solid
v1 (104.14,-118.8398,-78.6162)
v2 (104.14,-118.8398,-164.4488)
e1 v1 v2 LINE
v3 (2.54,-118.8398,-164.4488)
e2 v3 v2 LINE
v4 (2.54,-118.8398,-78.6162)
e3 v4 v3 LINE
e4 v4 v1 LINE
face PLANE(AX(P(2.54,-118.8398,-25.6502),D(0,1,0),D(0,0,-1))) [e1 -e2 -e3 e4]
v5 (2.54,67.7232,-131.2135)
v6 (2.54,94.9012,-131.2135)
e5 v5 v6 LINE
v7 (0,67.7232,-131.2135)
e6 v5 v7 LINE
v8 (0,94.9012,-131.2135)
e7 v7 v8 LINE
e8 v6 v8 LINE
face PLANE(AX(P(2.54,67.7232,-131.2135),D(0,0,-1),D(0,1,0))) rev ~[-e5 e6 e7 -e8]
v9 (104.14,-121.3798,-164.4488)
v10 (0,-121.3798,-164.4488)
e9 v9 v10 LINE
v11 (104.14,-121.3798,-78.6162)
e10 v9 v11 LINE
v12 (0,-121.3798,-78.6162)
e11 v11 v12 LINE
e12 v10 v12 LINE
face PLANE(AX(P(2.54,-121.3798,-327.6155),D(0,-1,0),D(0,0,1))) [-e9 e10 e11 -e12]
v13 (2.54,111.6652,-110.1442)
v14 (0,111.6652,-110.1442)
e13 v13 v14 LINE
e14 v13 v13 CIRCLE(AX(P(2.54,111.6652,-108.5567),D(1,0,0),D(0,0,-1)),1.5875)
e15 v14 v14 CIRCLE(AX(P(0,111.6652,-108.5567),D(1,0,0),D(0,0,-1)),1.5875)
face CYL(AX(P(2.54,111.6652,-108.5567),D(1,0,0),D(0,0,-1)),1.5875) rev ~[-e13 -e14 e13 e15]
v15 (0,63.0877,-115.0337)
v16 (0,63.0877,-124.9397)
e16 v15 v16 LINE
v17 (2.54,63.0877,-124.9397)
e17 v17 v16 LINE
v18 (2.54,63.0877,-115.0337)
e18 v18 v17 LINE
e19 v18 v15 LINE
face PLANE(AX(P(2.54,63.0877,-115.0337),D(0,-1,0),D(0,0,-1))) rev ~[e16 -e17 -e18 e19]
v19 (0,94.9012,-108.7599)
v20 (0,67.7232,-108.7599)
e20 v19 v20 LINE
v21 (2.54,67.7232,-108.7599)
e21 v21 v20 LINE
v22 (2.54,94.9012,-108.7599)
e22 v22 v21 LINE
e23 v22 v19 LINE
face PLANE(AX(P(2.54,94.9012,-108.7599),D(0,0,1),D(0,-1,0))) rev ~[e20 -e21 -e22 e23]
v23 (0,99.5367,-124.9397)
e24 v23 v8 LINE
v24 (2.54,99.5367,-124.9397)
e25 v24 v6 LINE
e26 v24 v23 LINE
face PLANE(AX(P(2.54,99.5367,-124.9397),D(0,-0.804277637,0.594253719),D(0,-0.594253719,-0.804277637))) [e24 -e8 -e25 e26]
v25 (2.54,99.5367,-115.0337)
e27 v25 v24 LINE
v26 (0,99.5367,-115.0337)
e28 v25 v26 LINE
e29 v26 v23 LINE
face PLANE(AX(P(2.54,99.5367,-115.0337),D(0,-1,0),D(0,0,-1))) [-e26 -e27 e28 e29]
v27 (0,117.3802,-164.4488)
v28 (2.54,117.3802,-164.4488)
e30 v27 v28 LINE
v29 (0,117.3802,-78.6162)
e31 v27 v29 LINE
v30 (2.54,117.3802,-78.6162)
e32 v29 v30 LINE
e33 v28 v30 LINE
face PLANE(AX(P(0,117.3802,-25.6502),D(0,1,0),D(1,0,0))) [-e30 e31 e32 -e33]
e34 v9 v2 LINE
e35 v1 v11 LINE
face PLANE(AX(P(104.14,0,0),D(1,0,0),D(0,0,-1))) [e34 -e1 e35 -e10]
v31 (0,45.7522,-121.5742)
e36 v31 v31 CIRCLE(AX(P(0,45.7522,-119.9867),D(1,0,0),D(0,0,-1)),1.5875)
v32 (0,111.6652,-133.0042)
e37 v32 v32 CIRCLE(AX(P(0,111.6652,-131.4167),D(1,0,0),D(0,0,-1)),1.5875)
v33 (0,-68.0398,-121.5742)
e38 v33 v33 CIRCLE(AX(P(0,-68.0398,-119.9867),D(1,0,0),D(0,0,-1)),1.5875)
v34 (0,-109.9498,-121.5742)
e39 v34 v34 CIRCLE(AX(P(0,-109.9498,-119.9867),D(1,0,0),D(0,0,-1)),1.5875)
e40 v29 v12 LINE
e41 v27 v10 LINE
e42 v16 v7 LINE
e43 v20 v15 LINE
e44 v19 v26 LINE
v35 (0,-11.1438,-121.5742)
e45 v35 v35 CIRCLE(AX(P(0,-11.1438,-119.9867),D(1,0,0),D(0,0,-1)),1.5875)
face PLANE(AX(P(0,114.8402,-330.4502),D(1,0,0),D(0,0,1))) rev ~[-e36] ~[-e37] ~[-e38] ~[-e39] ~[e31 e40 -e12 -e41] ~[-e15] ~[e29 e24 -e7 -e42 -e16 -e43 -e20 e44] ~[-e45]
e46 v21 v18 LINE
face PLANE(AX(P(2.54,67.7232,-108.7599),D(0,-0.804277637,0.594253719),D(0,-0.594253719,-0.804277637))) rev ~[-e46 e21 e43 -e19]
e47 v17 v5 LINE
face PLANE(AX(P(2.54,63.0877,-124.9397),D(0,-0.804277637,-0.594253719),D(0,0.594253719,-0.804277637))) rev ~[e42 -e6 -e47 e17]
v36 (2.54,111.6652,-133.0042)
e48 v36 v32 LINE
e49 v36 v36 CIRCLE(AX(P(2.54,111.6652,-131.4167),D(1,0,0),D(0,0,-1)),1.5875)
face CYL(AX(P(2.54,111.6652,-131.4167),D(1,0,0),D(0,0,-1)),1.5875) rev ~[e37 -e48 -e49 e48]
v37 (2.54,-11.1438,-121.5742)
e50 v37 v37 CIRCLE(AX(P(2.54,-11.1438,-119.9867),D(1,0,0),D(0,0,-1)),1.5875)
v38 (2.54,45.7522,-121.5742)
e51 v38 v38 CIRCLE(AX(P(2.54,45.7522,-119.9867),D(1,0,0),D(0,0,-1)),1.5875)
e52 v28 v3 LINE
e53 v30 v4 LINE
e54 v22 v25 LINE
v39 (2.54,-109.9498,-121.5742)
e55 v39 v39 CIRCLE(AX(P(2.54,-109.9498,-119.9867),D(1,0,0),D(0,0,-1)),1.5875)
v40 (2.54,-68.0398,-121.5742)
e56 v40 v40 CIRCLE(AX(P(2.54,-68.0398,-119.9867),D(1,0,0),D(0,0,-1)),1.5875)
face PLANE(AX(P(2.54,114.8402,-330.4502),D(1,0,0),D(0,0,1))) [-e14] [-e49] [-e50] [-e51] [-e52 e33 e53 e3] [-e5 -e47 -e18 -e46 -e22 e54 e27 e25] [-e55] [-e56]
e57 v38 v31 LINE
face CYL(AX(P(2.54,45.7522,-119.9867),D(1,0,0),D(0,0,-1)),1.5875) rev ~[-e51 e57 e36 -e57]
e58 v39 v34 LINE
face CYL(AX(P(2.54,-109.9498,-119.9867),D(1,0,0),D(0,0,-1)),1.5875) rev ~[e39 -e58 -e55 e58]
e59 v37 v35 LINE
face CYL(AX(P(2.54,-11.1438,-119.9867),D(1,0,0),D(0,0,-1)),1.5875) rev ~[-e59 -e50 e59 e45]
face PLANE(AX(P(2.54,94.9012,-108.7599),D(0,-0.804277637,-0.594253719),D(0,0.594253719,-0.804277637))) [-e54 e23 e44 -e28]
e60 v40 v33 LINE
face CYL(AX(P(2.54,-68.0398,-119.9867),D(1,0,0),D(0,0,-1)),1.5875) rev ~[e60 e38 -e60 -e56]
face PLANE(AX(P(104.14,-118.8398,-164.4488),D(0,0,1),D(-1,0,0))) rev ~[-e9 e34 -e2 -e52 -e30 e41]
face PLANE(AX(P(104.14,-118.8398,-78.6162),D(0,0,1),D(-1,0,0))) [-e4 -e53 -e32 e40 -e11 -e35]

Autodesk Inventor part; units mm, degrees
ref_plane "YZ Plane" through (0, 0, 0) normal (1, 0, 0) x (0, 1, 0)
ref_plane "XZ Plane" through (0, 0, 0) normal (0, 1, 0) x (-1, 0, 0)
ref_plane "XY Plane" through (0, 0, 0) normal (0, 0, 1) x (1, 0, 0)
sketch "Sketch1" plane through (0, 0, 0) normal (1, 0, 0) x (0, 1, 0)
  line L0 (114.8402, -25.6502) -> (-118.8398, -25.6502)
  line L1 (-118.8398, -25.6502) -> (-118.8398, -330.4502)
  line L2 (-118.8398, -330.4502) -> (114.8402, -330.4502)
  line L3 (114.8402, -330.4502) -> (114.8402, -25.6502)
  point P0 (0, 0)
  dimension "d0" = 233.68
  dimension "d1" = 304.8
extrude "Extrusion1" add sketch "Sketch1" along normal blind 2.54
sketch "Sketch2" plane through (2.54, 0, 0) normal (1, 0, 0) x (0, 0, -1)
  line L0 (25.6502, -118.8398) -> (330.4502, -118.8398) projected
  line L1 (25.6502, -118.8398) -> (327.6155, -118.8398)
  line L2 (327.6155, -118.8398) -> (327.6155, -121.3798)
  line L3 (327.6155, -121.3798) -> (25.6502, -121.3798)
  line L4 (25.6502, -121.3798) -> (25.6502, -118.8398)
  point P0 (0, 0)
  dimension "d4" = 2.54
extrude "Extrusion2" add sketch "Sketch2" along normal blind 101.6 and the other way blind 2.54
sketch "Sketch3" plane through (2.54, 0, 0) normal (1, 0, 0) x (0, 0, -1)
  line L0 (115.0337, 99.5367) -> (124.9397, 99.5367)
  line L1 (115.0337, 63.0877) -> (124.9397, 63.0877)
  line L2 (108.7599, 94.9012) -> (108.7599, 67.7232)
  line L3 (131.2135, 67.7232) -> (131.2135, 94.9012)
  line L4 (119.9867, 99.5367) -> (119.9867, 63.0877)
  line L5 (119.9867, 81.3122) -> (117.9124, 81.3122)
  line L6 (108.7599, 94.9012) -> (115.0337, 99.5367)
  line L7 (124.9397, 99.5367) -> (131.2135, 94.9012)
  line L8 (108.7599, 67.7232) -> (115.0337, 63.0877)
  line L9 (124.9397, 63.0877) -> (131.2135, 67.7232)
  line L10 (330.4502, 114.8402) -> (25.6502, 114.8402) projected
  circle A0 centre (108.5567, 111.6652) radius 1.5875
  circle A1 centre (131.4167, 111.6652) radius 1.5875
  circle A2 centre (119.9867, 45.7522) radius 1.5875
  circle A3 centre (119.9867, -11.1438) radius 1.5875
  circle A4 centre (119.9867, -68.0398) radius 1.5875
  circle A5 centre (119.9867, -109.9498) radius 1.5875
  point P0 (0, 0)
  point P1 (108.7599, 81.3122)
  point P2 (119.9867, 63.0877)
  point P3 (131.2135, 81.3122)
  dimension "d9" = 36.449
  dimension "d10" = 22.4536
  dimension "d11" = 11.2268
  dimension "d12" = 9.906
  dimension "d13" = 9.906
  dimension "d14" = 0
  dimension "d15" = 27.178
  dimension "d16" = 27.178
  dimension "d17" = 0
  dimension "d18" = 0
  dimension "d19" = 33.528
  dimension "d20" = 3.175
  dimension "d21" = 3.175
  dimension "d22" = 3.175
  dimension "d23" = 3.175
  dimension "d24" = 11.43
  dimension "d25" = 11.43
  dimension "d26" = 3.175
  dimension "d27" = 3.175
  dimension "d28" = 3.175
  dimension "d29" = 3.175
  dimension "d30" = 0
  dimension "d31" = 0
  dimension "d32" = 0
  dimension "d33" = 69.088
  dimension "d34" = 125.984
  dimension "d35" = 182.88
  dimension "d36" = 224.79
extrude "Extrusion3" cut sketch "Sketch3" against normal blind 101.6
sketch "Sketch4" plane through (0, 114.8402, -25.6502) normal (0, 1, 0) x (1, 0, 0)
  line L0 (0, 304.8) -> (0, 0) projected
  line L1 (0, 0) -> (2.54, 0) projected
  line L2 (2.54, 304.8) -> (2.54, 0) projected
  line L3 (0, 304.8) -> (2.54, 304.8) projected
  point P0 (0, -25.6502)
extrude "Extrusion4" add sketch "Sketch4" along normal blind 2.54
sketch "Sketch5" plane through (2.54, -118.8398, -25.6502) normal (0, 1, 0) x (1, 0, 0)
  line L0 (-2.54, 0) -> (0, 0) projected
  line L1 (-2.54, 0) -> (104.5715, 0)
  line L2 (104.5715, 0) -> (104.5715, 52.966)
  line L3 (104.5715, 52.966) -> (-2.54, 52.966)
  line L4 (-2.54, 52.966) -> (-2.54, 0)
  line L5 (101.6, 0) -> (101.6, 301.9653) projected
  line L6 (-2.54, 304.8) -> (101.6, 304.8)
  line L7 (101.6, 304.8) -> (101.6, 138.7986)
  line L8 (101.6, 138.7986) -> (-2.54, 138.7986)
  line L9 (-2.54, 138.7986) -> (-2.54, 304.8)
  point P0 (-2.54, -25.6502)
  point P1 (101.6, 52.966)
extrude "Extrusion5" cut sketch "Sketch5" along normal through all both and the other way through all contours L4 L3 L5 L1 L0 | L8 L9 L6 L7 L5
properties part number "metal Back for v3.1"
